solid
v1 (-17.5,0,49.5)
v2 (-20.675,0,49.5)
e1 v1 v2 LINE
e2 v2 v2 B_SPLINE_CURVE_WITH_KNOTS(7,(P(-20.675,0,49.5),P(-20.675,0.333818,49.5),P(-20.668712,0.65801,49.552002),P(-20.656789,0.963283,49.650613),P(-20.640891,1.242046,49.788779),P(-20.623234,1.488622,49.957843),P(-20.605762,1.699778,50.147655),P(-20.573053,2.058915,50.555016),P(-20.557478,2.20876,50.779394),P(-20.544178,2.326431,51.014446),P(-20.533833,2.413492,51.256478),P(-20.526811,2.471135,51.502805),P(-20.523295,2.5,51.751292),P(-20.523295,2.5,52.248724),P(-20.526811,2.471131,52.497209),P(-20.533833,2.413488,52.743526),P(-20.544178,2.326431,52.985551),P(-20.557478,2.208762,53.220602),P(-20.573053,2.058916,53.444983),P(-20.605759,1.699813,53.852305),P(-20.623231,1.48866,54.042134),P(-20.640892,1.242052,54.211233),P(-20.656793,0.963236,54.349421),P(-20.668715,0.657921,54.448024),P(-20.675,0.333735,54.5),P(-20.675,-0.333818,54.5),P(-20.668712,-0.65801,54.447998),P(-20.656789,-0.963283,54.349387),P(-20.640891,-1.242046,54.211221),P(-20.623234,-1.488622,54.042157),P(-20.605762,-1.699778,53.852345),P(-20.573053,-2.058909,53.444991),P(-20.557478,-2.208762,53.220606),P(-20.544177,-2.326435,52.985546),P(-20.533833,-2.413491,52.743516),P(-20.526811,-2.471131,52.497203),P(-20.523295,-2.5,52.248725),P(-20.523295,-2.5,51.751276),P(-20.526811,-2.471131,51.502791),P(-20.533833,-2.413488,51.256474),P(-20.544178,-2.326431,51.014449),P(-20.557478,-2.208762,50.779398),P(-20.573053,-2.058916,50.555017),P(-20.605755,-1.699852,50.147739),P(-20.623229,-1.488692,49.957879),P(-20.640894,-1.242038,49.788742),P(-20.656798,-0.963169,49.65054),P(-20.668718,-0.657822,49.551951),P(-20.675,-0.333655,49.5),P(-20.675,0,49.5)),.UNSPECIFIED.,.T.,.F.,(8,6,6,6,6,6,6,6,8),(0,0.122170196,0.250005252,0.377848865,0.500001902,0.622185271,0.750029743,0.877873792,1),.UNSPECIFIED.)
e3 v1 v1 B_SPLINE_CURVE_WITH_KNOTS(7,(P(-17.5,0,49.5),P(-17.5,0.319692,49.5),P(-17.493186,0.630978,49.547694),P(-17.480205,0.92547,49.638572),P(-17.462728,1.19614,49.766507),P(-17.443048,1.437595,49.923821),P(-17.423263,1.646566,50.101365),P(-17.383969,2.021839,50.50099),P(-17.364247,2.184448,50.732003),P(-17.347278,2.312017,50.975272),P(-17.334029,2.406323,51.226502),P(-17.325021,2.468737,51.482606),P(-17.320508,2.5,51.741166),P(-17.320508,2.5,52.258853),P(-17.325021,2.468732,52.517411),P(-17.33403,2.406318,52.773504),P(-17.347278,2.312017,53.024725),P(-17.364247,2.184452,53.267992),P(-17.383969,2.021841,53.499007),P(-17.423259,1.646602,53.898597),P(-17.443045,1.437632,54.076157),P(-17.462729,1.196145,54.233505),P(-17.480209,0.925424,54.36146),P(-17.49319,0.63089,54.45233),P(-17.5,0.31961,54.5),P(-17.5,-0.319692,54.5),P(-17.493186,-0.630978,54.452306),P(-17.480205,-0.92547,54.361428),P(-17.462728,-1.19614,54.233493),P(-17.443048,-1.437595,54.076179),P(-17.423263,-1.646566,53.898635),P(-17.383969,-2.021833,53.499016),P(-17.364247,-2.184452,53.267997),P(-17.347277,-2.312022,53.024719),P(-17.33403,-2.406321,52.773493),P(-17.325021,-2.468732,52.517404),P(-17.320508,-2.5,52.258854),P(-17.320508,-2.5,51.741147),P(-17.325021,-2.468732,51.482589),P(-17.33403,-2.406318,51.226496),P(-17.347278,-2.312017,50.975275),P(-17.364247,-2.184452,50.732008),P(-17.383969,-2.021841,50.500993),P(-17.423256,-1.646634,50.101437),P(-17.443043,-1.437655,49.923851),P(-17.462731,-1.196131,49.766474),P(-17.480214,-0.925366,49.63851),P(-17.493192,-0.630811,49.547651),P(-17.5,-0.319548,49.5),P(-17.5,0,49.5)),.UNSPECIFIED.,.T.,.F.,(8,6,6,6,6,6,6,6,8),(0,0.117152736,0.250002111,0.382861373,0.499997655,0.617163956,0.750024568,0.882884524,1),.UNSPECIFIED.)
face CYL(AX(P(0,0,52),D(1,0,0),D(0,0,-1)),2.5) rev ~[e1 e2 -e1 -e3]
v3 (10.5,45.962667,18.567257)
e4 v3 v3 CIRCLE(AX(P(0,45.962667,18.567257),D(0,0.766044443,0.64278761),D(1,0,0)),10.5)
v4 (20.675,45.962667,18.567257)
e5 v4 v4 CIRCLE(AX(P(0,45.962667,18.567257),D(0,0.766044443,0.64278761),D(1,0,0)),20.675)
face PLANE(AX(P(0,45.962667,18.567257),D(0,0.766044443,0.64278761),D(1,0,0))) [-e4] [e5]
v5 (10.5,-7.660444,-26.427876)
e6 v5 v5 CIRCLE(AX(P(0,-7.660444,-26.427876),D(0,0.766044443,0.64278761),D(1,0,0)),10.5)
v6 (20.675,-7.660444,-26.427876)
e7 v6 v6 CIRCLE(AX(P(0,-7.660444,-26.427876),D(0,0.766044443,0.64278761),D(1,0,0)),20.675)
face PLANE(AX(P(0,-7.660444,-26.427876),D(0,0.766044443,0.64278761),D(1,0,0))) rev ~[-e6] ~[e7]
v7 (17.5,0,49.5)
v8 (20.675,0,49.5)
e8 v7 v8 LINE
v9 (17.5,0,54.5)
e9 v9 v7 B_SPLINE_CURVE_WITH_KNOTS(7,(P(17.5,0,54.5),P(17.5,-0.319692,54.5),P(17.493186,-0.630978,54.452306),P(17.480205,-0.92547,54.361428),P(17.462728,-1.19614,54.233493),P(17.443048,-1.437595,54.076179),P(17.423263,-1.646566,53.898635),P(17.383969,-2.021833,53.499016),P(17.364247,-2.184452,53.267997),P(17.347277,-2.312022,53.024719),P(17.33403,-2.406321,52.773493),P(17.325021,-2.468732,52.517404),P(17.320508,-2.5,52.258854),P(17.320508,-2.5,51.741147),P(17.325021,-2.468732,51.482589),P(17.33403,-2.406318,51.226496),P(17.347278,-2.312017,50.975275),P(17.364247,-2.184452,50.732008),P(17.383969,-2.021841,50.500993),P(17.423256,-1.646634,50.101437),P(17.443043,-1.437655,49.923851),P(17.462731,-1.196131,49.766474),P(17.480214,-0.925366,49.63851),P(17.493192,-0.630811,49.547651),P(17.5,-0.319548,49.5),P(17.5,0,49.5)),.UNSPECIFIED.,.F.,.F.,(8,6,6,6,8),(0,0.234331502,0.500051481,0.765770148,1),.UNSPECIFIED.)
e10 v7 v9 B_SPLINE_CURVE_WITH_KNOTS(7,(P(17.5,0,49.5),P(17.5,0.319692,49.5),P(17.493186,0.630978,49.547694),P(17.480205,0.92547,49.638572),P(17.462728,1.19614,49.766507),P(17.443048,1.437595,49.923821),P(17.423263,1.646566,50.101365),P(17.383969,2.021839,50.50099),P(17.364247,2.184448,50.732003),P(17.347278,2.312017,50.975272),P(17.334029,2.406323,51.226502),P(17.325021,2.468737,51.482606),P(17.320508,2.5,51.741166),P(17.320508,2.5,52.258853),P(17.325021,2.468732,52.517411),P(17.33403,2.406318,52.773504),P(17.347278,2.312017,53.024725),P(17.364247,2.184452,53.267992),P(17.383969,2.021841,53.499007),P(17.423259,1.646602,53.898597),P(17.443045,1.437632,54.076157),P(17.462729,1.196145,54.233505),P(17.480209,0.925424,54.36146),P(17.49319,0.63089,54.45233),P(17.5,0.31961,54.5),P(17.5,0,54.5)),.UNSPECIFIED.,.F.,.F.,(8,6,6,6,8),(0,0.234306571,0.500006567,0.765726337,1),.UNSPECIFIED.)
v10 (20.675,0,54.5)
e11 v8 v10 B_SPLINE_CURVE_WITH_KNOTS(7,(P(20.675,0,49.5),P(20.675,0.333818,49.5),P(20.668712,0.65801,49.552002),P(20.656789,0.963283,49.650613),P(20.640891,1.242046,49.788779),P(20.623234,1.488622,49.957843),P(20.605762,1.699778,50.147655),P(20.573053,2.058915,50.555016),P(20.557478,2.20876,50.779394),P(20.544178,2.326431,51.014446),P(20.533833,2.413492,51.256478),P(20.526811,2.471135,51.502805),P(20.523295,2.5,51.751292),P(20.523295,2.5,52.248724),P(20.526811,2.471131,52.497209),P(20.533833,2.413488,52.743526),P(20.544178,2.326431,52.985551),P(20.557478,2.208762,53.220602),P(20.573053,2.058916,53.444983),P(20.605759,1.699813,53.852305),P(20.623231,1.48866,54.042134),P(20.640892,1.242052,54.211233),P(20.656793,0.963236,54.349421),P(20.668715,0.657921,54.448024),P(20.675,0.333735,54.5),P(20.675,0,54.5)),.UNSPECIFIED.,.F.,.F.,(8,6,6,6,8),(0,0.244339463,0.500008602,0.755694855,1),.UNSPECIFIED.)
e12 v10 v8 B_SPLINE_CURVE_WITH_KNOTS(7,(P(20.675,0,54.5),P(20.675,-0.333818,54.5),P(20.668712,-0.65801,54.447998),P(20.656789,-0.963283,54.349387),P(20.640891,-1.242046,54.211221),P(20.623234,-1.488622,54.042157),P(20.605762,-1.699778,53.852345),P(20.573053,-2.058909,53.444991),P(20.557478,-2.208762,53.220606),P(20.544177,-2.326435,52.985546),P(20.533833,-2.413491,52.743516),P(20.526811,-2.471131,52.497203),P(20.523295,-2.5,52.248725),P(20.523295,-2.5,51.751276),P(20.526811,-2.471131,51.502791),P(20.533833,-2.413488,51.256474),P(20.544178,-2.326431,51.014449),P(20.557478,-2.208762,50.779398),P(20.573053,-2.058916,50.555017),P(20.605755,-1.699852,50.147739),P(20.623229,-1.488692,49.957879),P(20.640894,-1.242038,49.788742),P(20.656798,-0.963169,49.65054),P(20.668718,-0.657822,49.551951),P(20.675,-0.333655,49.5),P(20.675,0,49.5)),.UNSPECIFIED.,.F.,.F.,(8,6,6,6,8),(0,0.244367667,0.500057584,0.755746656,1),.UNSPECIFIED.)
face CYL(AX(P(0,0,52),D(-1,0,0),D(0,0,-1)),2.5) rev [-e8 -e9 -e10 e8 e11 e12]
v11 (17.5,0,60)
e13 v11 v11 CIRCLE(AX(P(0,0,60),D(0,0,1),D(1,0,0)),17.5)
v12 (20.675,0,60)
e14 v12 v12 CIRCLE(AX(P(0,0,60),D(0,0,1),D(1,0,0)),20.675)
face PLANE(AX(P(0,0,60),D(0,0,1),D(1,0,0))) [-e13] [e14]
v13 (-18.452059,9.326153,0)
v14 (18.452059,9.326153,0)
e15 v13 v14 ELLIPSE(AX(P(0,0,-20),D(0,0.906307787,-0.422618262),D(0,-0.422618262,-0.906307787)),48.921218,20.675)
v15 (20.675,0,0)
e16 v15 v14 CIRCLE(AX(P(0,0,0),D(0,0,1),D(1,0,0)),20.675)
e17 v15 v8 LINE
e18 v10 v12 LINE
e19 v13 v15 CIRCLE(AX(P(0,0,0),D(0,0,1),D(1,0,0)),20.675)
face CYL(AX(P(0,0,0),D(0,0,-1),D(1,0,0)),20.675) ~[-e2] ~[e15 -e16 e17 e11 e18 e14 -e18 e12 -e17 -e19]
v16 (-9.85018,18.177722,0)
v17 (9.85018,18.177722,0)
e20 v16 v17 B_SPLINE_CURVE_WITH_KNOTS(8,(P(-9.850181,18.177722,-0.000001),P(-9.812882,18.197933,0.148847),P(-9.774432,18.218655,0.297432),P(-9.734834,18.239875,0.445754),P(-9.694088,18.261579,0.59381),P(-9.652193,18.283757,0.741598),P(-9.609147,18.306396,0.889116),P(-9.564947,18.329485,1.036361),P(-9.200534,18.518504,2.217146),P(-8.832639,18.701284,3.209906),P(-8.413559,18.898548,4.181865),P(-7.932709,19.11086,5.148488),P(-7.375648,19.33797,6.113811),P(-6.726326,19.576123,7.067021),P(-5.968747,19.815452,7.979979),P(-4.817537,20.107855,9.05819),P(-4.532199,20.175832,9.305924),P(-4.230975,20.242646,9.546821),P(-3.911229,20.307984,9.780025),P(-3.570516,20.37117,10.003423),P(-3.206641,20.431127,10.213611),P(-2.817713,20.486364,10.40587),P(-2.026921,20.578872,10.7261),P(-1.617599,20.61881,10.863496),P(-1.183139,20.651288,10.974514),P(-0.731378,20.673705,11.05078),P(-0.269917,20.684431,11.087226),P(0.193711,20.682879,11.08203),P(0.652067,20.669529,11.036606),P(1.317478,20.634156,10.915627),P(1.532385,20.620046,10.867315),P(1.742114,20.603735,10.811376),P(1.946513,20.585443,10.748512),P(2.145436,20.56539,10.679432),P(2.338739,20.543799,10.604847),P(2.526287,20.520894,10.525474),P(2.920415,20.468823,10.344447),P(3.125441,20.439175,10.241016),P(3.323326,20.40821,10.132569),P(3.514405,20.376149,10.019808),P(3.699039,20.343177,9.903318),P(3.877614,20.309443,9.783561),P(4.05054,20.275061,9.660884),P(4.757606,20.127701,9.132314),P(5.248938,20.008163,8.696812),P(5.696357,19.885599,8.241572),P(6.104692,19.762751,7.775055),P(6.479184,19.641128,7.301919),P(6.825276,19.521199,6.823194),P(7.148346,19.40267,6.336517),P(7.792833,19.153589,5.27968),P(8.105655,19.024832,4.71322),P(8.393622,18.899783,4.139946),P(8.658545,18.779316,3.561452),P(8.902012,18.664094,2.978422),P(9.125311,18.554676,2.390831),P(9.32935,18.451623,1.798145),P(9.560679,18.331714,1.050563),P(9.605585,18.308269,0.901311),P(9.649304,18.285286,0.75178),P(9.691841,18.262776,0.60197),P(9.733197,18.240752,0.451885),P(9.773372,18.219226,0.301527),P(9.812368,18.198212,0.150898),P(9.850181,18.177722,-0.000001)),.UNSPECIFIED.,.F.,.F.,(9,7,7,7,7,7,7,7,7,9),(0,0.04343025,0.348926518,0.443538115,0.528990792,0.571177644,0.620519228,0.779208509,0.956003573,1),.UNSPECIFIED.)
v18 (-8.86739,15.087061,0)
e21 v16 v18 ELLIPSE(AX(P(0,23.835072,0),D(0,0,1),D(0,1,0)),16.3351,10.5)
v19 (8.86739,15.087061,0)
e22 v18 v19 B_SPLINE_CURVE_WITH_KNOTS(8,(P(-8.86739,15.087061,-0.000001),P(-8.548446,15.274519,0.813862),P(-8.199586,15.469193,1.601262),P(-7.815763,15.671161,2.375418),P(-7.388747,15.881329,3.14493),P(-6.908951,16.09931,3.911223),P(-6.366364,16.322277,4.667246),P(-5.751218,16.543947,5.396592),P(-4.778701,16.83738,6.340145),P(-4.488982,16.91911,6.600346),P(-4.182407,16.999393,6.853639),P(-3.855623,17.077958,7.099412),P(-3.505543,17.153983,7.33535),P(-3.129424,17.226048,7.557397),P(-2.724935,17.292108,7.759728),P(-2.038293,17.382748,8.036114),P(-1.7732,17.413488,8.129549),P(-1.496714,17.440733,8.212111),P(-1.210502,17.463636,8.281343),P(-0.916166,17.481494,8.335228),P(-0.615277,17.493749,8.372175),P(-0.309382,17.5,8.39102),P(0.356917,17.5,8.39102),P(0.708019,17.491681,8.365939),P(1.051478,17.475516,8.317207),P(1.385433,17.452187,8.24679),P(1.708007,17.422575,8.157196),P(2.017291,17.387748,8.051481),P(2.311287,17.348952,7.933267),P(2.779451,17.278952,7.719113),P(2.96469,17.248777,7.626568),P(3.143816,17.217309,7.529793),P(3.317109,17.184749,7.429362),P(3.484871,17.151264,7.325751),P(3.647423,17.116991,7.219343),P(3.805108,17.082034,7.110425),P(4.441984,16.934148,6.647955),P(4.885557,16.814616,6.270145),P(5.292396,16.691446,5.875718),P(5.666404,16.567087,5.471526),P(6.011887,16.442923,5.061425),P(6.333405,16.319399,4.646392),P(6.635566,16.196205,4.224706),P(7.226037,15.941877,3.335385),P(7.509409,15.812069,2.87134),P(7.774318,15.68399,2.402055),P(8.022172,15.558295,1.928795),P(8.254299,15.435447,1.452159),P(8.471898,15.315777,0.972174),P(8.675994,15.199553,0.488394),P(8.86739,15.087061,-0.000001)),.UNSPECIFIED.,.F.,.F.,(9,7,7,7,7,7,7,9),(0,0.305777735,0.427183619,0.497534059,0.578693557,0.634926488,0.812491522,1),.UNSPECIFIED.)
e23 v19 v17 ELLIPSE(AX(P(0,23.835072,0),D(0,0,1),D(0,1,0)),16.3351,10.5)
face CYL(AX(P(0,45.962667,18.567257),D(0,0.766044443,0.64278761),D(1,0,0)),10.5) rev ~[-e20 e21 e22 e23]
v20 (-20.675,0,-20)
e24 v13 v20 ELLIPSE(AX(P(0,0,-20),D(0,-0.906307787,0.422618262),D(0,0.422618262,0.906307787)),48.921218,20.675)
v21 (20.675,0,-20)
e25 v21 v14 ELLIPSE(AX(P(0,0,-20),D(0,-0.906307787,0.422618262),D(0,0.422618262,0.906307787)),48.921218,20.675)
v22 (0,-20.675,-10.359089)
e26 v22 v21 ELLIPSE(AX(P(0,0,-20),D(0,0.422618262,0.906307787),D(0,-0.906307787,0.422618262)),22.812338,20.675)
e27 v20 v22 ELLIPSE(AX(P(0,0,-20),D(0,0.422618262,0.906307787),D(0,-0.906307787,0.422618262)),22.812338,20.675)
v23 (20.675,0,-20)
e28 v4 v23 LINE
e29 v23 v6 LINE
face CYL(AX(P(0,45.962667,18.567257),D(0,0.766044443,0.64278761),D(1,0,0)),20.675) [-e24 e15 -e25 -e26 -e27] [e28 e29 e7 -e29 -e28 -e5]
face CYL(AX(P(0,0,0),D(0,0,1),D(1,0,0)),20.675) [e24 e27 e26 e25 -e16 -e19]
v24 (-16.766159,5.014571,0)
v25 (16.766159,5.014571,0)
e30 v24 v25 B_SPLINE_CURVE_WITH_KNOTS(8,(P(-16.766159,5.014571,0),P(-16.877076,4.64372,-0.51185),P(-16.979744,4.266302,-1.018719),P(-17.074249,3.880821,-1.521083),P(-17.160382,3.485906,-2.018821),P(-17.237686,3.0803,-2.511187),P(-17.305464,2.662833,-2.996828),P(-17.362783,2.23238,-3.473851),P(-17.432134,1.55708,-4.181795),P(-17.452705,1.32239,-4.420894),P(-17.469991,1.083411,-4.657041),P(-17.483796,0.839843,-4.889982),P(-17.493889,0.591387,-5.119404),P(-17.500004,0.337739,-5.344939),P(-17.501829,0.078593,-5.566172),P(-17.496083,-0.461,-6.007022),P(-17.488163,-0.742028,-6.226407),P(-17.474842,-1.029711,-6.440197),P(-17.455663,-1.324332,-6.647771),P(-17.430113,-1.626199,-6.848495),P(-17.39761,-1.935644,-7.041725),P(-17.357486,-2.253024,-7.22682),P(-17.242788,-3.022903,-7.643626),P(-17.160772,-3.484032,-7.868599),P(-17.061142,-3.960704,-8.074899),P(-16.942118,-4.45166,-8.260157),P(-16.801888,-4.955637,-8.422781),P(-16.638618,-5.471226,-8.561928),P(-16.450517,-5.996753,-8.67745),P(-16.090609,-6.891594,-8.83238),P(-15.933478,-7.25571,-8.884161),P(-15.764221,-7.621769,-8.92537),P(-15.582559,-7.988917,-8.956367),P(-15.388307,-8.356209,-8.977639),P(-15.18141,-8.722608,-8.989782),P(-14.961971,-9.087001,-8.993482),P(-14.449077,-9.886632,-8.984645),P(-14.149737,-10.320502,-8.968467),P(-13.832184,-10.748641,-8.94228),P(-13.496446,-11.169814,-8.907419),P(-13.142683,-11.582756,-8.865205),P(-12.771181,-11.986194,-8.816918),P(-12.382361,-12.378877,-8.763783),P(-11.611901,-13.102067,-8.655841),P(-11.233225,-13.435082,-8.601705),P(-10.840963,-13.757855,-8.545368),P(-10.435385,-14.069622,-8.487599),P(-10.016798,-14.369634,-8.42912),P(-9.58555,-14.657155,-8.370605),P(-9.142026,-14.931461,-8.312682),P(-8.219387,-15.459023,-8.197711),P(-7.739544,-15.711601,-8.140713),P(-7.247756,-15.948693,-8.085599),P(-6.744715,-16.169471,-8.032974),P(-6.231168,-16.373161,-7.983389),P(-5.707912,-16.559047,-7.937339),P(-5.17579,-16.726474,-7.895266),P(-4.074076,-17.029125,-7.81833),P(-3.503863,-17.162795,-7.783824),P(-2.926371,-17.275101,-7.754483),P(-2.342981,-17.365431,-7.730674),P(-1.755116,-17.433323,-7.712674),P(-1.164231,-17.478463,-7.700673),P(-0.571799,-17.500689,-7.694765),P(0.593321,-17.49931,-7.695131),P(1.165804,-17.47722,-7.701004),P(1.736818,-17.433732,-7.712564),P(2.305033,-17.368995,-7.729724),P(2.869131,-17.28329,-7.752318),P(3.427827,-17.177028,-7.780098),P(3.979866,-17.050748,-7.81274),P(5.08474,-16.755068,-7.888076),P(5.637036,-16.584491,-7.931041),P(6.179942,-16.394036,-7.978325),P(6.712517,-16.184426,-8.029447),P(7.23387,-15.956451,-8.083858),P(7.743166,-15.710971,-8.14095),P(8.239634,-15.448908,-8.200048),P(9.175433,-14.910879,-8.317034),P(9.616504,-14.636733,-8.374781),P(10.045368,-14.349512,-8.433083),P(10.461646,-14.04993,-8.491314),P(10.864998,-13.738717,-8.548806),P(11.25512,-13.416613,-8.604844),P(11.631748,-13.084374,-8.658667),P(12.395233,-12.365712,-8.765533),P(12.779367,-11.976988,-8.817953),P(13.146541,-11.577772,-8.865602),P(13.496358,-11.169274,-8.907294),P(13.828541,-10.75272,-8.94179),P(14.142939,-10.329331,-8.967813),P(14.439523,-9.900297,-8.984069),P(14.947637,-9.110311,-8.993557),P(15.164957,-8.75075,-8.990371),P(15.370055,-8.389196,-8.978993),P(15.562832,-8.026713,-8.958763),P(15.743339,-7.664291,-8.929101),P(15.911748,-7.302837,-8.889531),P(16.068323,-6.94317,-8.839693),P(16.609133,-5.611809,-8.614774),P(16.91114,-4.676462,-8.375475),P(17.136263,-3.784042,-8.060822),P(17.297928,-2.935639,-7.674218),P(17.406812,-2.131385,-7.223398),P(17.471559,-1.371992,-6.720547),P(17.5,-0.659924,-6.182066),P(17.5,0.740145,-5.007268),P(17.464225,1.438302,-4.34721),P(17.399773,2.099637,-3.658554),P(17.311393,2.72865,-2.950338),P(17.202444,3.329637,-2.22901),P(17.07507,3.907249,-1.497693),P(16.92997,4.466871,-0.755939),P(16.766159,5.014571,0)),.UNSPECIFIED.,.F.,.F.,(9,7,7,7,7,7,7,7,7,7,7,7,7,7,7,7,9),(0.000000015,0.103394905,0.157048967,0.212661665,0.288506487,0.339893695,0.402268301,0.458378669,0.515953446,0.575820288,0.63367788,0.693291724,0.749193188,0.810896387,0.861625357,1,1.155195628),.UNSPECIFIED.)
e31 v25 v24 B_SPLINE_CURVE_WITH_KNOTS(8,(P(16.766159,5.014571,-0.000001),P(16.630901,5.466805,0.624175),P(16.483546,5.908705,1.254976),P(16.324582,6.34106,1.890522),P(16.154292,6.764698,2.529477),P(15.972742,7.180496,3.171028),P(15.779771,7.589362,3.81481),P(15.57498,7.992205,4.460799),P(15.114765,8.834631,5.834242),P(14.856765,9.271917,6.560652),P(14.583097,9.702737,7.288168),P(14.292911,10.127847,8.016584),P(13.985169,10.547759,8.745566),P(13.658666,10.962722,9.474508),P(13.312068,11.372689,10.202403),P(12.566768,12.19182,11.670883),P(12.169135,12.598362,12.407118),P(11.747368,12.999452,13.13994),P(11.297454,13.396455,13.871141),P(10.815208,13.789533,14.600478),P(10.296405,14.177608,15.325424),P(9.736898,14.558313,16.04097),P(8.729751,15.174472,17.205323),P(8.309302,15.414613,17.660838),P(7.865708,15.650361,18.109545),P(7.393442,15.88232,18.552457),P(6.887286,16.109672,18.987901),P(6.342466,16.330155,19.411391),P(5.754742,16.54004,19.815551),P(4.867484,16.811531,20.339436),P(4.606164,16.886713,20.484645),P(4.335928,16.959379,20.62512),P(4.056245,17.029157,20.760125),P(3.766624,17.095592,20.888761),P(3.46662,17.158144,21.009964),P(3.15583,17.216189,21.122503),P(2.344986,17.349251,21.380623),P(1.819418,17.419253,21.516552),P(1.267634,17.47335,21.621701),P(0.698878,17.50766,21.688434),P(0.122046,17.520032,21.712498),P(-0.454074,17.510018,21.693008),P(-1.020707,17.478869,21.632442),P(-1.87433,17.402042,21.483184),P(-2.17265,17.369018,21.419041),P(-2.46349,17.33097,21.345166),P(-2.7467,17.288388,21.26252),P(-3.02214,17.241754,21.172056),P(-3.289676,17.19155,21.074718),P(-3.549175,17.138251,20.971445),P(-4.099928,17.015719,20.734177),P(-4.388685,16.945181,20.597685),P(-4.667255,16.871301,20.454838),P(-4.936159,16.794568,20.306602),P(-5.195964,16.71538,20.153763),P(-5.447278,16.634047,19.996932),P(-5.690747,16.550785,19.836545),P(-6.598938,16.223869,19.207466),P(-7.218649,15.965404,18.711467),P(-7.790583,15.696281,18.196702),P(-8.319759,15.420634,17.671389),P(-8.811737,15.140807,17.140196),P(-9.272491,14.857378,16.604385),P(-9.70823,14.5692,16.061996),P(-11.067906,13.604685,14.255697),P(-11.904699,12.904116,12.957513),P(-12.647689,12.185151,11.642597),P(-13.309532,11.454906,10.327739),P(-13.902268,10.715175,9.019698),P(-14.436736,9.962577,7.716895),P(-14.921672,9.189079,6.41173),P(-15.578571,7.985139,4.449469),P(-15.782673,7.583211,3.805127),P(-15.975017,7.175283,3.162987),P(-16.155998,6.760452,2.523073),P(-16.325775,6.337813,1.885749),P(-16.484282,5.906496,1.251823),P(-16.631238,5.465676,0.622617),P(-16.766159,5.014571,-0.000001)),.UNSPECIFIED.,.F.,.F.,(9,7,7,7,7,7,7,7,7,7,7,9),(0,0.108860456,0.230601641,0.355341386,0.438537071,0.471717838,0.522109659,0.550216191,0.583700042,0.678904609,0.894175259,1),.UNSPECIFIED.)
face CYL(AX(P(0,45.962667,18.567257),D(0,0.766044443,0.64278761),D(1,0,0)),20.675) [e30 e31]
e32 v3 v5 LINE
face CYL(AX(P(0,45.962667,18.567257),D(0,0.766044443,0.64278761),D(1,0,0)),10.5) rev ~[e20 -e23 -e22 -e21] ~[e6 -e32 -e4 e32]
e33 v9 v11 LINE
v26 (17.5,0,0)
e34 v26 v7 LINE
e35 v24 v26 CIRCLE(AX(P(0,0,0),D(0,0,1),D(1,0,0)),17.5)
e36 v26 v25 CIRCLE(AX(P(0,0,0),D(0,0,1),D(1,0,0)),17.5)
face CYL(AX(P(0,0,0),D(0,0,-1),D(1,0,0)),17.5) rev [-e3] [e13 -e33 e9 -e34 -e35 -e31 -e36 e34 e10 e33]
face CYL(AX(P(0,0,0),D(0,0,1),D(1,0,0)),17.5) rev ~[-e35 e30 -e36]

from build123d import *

# Parameters (mm, degrees)
SKETCH1_R               = 20.675
SKETCH1_R_2             = 17.5
BOSS_EXTRUDE1_DEPTH     = 60
SKETCH3_R               = 20.675
SKETCH3_R_2             = 10.5
BOSS_EXTRUDE2_DEPTH     = 70
BOSS_EXTRUDE5_REACH     = 44.266
SKETCH1_4_R             = 20.675
SKETCH1_4_R_2           = 17.5
SKETCH6_R               = 10.5
CUT_EXTRUDE1_DEPTH      = 37.812904316
CUT_EXTRUDE1_DEPTH_BACK = 91.360900294
SKETCH7_R               = 2.5
CUT_EXTRUDE2_DEPTH      = 21.675
CUT_EXTRUDE2_DEPTH_BACK = 21.675


with BuildPart() as part:
    # Sketch1 → Boss-Extrude1 (new body)
    with BuildSketch(Plane.XY):
        Circle(SKETCH1_R)
        Circle(SKETCH1_R_2, mode=Mode.SUBTRACT)
    extrude(amount=BOSS_EXTRUDE1_DEPTH)

    # Sketch3 → Boss-Extrude2 (add)
    with BuildSketch(Plane(origin=(0, 45.962666587, 18.567256581), x_dir=(1, 0, 0), z_dir=(0, 0.766044443, 0.64278761))):
        Circle(SKETCH3_R)
        Circle(SKETCH3_R_2, mode=Mode.SUBTRACT)
    extrude(amount=-BOSS_EXTRUDE2_DEPTH)

    # Sketch1<4> → Boss-Extrude5 (add, up to next)
    with BuildSketch(Plane.XY, mode=Mode.PRIVATE) as boss_extrude5_sk1:
        Circle(SKETCH1_4_R)
        Circle(SKETCH1_4_R_2, mode=Mode.SUBTRACT)
    boss_extrude5_tool1 = extrude(boss_extrude5_sk1.sketch, amount=-BOSS_EXTRUDE5_REACH, mode=Mode.PRIVATE) - part.part
    add(boss_extrude5_tool1.solids().sort_by_distance((-20.090223, 0, 0))[0])

    # Sketch6 → Cut-Extrude1 (cut, two sides)
    with BuildSketch(Plane(origin=(0, 36.114589057, 30.303738358), x_dir=(1, 0, 0), z_dir=(0, 0.766044443, 0.64278761))) as cut_extrude1_sk:
        with Locations((0, 15.320888862)):
            Circle(SKETCH6_R)
    extrude(amount=CUT_EXTRUDE1_DEPTH, mode=Mode.SUBTRACT)
    extrude(cut_extrude1_sk.sketch, amount=-CUT_EXTRUDE1_DEPTH_BACK, mode=Mode.SUBTRACT)

    # Sketch7 → Cut-Extrude2 (cut, two sides)
    with BuildSketch(Plane(origin=(0, 0, 0), x_dir=(0, 0, -1), z_dir=(1, 0, 0))) as cut_extrude2_sk:
        with Locations((-52, 0)):
            Circle(SKETCH7_R)
    extrude(amount=CUT_EXTRUDE2_DEPTH, mode=Mode.SUBTRACT)
    extrude(cut_extrude2_sk.sketch, amount=-CUT_EXTRUDE2_DEPTH_BACK, mode=Mode.SUBTRACT)


solid = part.part
